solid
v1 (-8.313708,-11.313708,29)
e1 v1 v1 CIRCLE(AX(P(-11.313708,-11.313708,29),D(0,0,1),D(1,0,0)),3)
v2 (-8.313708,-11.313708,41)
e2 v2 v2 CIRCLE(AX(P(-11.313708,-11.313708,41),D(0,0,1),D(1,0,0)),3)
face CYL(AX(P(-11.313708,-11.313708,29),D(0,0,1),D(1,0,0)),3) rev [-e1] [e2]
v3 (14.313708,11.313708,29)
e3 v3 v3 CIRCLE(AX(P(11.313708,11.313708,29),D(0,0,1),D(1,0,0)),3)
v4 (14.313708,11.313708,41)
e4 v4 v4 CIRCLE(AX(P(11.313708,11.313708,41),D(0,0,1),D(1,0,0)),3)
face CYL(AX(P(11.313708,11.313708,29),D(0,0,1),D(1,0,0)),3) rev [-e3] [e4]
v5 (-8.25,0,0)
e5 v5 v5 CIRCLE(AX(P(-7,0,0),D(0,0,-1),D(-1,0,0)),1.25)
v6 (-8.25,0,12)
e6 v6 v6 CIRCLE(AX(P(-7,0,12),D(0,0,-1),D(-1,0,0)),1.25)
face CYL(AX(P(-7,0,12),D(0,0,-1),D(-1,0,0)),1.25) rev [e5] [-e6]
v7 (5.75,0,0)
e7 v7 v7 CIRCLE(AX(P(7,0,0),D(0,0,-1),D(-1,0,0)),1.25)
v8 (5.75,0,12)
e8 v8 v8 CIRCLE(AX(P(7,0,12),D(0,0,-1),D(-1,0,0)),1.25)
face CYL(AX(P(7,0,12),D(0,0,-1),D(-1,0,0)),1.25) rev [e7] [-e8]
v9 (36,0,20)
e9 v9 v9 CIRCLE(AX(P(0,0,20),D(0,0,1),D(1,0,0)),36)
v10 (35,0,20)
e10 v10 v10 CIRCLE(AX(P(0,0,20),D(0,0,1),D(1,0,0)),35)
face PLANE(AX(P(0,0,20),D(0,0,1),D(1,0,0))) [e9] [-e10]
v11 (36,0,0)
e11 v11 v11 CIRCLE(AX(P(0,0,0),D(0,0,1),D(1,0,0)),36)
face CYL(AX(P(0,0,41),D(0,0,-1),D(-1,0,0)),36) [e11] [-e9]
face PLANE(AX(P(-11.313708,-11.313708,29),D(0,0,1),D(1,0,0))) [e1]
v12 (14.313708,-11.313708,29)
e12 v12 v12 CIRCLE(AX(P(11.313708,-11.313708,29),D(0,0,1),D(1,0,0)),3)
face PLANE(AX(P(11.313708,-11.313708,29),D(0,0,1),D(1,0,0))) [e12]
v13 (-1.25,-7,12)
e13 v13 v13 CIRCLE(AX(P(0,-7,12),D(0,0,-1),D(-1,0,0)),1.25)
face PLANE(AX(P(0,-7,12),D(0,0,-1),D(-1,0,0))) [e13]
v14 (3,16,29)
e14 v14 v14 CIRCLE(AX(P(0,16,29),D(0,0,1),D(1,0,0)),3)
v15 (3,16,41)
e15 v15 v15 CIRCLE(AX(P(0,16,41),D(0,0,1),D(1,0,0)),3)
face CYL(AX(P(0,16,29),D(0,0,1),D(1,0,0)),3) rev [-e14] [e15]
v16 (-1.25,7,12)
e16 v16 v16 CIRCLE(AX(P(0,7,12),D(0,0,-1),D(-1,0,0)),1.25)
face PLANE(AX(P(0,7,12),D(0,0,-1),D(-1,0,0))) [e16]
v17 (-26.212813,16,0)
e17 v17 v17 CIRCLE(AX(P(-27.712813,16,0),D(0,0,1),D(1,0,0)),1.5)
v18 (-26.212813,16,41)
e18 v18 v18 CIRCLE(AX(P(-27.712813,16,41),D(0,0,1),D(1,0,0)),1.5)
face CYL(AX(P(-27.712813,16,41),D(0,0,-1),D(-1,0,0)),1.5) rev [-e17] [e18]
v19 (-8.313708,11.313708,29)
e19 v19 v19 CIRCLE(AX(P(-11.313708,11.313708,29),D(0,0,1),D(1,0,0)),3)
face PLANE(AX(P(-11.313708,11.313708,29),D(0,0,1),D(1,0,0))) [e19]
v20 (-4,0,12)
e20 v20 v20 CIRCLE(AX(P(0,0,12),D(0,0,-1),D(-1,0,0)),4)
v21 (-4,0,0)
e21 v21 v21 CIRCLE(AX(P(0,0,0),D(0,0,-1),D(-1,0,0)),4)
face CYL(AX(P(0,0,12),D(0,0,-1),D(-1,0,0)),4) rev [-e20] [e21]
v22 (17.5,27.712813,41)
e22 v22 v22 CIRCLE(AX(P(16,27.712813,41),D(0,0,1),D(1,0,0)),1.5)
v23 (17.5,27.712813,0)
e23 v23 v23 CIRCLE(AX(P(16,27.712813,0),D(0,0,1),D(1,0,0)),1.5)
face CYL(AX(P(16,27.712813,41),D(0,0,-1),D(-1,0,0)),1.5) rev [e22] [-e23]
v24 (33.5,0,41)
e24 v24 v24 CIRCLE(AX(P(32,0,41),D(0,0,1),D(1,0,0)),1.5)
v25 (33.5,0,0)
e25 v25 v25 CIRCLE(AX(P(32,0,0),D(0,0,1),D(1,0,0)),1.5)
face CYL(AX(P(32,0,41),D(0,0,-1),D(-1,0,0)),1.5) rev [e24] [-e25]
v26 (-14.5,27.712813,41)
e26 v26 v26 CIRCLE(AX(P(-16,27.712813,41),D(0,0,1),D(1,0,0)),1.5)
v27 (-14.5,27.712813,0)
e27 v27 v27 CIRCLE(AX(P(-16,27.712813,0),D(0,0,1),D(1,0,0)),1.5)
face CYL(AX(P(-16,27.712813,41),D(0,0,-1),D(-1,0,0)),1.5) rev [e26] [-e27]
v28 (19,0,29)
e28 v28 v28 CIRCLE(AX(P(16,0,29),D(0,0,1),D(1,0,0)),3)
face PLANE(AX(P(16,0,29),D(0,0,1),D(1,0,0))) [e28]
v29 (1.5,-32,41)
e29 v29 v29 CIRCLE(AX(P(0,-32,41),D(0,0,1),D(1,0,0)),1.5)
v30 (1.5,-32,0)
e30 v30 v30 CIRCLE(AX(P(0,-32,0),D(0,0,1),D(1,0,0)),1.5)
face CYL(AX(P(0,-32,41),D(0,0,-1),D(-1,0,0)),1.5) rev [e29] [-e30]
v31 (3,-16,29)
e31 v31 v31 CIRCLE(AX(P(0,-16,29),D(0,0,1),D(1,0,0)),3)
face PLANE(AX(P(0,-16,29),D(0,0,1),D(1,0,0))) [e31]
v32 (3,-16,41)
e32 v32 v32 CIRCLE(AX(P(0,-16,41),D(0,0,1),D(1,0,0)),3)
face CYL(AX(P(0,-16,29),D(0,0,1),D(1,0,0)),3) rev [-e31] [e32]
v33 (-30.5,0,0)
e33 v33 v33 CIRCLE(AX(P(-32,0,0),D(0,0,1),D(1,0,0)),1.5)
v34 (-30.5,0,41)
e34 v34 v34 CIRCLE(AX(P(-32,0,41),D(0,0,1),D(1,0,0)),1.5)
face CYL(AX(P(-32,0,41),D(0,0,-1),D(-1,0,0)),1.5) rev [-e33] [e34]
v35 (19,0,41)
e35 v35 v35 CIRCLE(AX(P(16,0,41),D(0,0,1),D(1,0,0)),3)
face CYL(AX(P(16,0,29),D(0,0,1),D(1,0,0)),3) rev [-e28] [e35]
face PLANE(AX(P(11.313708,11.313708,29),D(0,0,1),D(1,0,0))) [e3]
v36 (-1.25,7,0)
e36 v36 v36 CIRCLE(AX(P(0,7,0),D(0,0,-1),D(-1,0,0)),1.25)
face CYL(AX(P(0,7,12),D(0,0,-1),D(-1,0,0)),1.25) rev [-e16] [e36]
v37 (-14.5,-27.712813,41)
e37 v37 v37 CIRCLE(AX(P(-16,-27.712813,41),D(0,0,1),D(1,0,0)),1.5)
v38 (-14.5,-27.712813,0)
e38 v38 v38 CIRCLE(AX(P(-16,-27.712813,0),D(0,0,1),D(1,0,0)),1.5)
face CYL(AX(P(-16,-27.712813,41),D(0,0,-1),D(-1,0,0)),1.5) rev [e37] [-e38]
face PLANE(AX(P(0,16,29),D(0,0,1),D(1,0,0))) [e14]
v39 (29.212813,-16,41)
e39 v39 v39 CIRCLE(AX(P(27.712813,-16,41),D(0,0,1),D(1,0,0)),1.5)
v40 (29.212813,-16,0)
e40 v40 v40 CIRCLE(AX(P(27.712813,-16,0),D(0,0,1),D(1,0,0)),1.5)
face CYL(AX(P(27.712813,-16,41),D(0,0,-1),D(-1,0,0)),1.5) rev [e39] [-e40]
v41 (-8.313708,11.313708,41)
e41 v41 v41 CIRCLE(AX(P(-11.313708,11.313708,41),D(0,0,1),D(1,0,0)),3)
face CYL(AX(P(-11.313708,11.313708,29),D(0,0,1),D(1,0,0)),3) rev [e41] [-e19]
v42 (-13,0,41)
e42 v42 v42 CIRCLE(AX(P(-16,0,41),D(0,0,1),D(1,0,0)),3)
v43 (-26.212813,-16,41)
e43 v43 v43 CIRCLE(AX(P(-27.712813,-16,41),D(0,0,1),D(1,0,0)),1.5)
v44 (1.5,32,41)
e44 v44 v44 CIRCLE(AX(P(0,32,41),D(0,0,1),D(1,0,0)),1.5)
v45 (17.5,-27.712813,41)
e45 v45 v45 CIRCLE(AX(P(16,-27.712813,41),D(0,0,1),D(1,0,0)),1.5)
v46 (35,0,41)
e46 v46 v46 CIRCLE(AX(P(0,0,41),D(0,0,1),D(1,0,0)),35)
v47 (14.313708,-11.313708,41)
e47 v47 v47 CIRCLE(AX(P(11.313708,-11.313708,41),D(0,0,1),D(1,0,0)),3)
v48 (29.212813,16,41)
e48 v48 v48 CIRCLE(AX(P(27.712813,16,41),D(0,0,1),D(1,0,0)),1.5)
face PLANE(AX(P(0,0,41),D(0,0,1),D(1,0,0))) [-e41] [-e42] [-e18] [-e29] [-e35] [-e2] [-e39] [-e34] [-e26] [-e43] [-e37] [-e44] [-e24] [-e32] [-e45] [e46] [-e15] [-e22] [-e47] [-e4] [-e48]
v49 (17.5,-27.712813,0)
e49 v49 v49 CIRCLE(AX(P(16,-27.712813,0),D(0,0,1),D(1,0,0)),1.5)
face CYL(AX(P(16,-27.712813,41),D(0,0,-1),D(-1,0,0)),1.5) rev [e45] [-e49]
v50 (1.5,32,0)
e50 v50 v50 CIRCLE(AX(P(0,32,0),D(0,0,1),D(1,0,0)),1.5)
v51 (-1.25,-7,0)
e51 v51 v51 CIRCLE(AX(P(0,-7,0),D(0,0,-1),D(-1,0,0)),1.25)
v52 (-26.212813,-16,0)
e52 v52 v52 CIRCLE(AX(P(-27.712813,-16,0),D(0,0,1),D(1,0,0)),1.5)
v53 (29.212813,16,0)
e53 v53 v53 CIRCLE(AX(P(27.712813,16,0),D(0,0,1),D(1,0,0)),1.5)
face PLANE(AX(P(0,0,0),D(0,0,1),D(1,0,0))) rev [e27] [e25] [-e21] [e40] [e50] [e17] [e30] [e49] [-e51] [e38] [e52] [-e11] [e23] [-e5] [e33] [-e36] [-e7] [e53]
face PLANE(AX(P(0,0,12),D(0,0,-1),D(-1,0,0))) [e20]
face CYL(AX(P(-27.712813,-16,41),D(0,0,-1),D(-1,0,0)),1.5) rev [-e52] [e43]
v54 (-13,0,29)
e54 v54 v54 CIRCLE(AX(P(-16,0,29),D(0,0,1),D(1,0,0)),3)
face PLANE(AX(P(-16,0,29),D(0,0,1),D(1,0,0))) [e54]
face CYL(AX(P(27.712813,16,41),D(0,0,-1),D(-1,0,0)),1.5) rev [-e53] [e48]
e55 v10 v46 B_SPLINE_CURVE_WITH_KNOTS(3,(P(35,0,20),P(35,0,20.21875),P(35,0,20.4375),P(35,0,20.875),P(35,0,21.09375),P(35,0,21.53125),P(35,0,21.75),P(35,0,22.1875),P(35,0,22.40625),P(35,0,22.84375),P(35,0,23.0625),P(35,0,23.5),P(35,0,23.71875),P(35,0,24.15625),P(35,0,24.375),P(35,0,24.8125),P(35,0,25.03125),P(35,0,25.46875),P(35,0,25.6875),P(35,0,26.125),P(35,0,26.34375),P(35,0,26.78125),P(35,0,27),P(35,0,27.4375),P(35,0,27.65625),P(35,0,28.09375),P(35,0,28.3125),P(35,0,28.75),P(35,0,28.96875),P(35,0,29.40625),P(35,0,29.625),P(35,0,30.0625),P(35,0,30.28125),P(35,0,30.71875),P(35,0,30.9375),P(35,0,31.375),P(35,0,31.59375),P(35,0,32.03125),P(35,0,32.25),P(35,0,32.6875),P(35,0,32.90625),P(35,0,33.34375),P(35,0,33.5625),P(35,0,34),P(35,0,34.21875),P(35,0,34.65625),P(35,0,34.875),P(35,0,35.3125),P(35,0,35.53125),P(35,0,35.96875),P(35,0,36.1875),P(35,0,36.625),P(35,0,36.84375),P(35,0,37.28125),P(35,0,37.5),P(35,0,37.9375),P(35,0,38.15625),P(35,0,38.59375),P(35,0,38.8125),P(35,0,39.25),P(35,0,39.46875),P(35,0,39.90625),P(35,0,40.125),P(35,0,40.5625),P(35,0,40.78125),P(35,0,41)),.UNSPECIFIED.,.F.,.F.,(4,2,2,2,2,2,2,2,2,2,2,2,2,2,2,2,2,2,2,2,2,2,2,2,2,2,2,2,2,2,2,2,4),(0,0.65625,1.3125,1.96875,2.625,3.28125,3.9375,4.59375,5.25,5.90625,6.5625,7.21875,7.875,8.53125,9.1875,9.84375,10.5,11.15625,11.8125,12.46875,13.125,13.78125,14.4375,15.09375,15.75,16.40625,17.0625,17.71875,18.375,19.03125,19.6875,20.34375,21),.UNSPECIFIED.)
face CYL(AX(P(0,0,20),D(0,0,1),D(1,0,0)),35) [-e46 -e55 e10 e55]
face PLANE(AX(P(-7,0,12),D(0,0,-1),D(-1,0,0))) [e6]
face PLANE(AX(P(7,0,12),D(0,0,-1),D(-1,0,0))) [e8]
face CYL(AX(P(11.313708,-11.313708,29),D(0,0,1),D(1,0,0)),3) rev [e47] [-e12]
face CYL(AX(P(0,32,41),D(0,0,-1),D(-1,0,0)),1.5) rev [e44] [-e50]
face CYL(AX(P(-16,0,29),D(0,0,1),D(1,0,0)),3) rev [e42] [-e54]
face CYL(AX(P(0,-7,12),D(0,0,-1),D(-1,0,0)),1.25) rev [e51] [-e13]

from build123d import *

# Parameters (mm, degrees)
SKETCH_1_R          = 36
SKETCH_1_R_2        = 1.5
EXTRUDE_1_DEPTH     = 41
SKETCH_2_R          = 3
CUT_EXTRUDE_1_DEPTH = 12
SKETCH_3_R          = 4
CUT_EXTRUDE_2_DEPTH = 12
SKETCH_4_R          = 1.25
CUT_EXTRUDE_3_DEPTH = 12
CUT_EXTRUDE_START   = -21
SKETCH_5_R          = 36
SKETCH_5_R_2        = 35
CUT_EXTRUDE_4_DEPTH = 21


with BuildPart() as part:
    # 草图1 → 凸台-拉伸1 (new body)
    with BuildSketch(Plane.XY):
        Circle(SKETCH_1_R)
        with Locations((32, 0)):
            Circle(SKETCH_1_R_2, mode=Mode.SUBTRACT)
        with Locations((27.712812921, -16)):
            Circle(SKETCH_1_R_2, mode=Mode.SUBTRACT)
        with Locations((16, -27.712812921)):
            Circle(SKETCH_1_R_2, mode=Mode.SUBTRACT)
        with Locations((0, -32)):
            Circle(SKETCH_1_R_2, mode=Mode.SUBTRACT)
        with Locations((-16, -27.712812921)):
            Circle(SKETCH_1_R_2, mode=Mode.SUBTRACT)
        with Locations((-27.712812921, -16)):
            Circle(SKETCH_1_R_2, mode=Mode.SUBTRACT)
        with Locations((-32, 0)):
            Circle(SKETCH_1_R_2, mode=Mode.SUBTRACT)
        with Locations((-27.712812921, 16)):
            Circle(SKETCH_1_R_2, mode=Mode.SUBTRACT)
        with Locations((-16, 27.712812921)):
            Circle(SKETCH_1_R_2, mode=Mode.SUBTRACT)
        with Locations((0, 32)):
            Circle(SKETCH_1_R_2, mode=Mode.SUBTRACT)
        with Locations((16, 27.712812921)):
            Circle(SKETCH_1_R_2, mode=Mode.SUBTRACT)
        with Locations((27.712812921, 16)):
            Circle(SKETCH_1_R_2, mode=Mode.SUBTRACT)
    extrude(amount=EXTRUDE_1_DEPTH)

    # 草图2 → 切除-拉伸1 (cut)
    with BuildSketch(Plane.XY.offset(41)):
        with Locations((16, 0)):
            Circle(SKETCH_2_R)
        with Locations((11.313708499, -11.313708499)):
            Circle(SKETCH_2_R)
        with Locations((0, -16)):
            Circle(SKETCH_2_R)
        with Locations((-11.313708499, -11.313708499)):
            Circle(SKETCH_2_R)
        with Locations((-16, 0)):
            Circle(SKETCH_2_R)
        with Locations((-11.313708499, 11.313708499)):
            Circle(SKETCH_2_R)
        with Locations((0, 16)):
            Circle(SKETCH_2_R)
        with Locations((11.313708499, 11.313708499)):
            Circle(SKETCH_2_R)
    extrude(amount=-CUT_EXTRUDE_1_DEPTH, mode=Mode.SUBTRACT)

    # 草图3 → 切除-拉伸2 (cut)
    with BuildSketch(Plane(origin=(0, 0, 0), x_dir=(-1, 0, 0), z_dir=(0, 0, -1))):
        Circle(SKETCH_3_R)
    extrude(amount=-CUT_EXTRUDE_2_DEPTH, mode=Mode.SUBTRACT)

    # 草图4 → 切除-拉伸3 (cut)
    with BuildSketch(Plane(origin=(0, 0, 0), x_dir=(-1, 0, 0), z_dir=(0, 0, -1))):
        with Locations((7, 0)):
            Circle(SKETCH_4_R)
        with Locations((0, -7)):
            Circle(SKETCH_4_R)
        with Locations((-7, 0)):
            Circle(SKETCH_4_R)
        with Locations((0, 7)):
            Circle(SKETCH_4_R)
    extrude(amount=-CUT_EXTRUDE_3_DEPTH, mode=Mode.SUBTRACT)

    # 草图5 → 切除-拉伸4 (cut)
    with BuildSketch(Plane.XY.offset(41).offset(CUT_EXTRUDE_START)):
        Circle(SKETCH_5_R)
        Circle(SKETCH_5_R_2, mode=Mode.SUBTRACT)
    extrude(amount=CUT_EXTRUDE_4_DEPTH, mode=Mode.SUBTRACT)


solid = part.part
